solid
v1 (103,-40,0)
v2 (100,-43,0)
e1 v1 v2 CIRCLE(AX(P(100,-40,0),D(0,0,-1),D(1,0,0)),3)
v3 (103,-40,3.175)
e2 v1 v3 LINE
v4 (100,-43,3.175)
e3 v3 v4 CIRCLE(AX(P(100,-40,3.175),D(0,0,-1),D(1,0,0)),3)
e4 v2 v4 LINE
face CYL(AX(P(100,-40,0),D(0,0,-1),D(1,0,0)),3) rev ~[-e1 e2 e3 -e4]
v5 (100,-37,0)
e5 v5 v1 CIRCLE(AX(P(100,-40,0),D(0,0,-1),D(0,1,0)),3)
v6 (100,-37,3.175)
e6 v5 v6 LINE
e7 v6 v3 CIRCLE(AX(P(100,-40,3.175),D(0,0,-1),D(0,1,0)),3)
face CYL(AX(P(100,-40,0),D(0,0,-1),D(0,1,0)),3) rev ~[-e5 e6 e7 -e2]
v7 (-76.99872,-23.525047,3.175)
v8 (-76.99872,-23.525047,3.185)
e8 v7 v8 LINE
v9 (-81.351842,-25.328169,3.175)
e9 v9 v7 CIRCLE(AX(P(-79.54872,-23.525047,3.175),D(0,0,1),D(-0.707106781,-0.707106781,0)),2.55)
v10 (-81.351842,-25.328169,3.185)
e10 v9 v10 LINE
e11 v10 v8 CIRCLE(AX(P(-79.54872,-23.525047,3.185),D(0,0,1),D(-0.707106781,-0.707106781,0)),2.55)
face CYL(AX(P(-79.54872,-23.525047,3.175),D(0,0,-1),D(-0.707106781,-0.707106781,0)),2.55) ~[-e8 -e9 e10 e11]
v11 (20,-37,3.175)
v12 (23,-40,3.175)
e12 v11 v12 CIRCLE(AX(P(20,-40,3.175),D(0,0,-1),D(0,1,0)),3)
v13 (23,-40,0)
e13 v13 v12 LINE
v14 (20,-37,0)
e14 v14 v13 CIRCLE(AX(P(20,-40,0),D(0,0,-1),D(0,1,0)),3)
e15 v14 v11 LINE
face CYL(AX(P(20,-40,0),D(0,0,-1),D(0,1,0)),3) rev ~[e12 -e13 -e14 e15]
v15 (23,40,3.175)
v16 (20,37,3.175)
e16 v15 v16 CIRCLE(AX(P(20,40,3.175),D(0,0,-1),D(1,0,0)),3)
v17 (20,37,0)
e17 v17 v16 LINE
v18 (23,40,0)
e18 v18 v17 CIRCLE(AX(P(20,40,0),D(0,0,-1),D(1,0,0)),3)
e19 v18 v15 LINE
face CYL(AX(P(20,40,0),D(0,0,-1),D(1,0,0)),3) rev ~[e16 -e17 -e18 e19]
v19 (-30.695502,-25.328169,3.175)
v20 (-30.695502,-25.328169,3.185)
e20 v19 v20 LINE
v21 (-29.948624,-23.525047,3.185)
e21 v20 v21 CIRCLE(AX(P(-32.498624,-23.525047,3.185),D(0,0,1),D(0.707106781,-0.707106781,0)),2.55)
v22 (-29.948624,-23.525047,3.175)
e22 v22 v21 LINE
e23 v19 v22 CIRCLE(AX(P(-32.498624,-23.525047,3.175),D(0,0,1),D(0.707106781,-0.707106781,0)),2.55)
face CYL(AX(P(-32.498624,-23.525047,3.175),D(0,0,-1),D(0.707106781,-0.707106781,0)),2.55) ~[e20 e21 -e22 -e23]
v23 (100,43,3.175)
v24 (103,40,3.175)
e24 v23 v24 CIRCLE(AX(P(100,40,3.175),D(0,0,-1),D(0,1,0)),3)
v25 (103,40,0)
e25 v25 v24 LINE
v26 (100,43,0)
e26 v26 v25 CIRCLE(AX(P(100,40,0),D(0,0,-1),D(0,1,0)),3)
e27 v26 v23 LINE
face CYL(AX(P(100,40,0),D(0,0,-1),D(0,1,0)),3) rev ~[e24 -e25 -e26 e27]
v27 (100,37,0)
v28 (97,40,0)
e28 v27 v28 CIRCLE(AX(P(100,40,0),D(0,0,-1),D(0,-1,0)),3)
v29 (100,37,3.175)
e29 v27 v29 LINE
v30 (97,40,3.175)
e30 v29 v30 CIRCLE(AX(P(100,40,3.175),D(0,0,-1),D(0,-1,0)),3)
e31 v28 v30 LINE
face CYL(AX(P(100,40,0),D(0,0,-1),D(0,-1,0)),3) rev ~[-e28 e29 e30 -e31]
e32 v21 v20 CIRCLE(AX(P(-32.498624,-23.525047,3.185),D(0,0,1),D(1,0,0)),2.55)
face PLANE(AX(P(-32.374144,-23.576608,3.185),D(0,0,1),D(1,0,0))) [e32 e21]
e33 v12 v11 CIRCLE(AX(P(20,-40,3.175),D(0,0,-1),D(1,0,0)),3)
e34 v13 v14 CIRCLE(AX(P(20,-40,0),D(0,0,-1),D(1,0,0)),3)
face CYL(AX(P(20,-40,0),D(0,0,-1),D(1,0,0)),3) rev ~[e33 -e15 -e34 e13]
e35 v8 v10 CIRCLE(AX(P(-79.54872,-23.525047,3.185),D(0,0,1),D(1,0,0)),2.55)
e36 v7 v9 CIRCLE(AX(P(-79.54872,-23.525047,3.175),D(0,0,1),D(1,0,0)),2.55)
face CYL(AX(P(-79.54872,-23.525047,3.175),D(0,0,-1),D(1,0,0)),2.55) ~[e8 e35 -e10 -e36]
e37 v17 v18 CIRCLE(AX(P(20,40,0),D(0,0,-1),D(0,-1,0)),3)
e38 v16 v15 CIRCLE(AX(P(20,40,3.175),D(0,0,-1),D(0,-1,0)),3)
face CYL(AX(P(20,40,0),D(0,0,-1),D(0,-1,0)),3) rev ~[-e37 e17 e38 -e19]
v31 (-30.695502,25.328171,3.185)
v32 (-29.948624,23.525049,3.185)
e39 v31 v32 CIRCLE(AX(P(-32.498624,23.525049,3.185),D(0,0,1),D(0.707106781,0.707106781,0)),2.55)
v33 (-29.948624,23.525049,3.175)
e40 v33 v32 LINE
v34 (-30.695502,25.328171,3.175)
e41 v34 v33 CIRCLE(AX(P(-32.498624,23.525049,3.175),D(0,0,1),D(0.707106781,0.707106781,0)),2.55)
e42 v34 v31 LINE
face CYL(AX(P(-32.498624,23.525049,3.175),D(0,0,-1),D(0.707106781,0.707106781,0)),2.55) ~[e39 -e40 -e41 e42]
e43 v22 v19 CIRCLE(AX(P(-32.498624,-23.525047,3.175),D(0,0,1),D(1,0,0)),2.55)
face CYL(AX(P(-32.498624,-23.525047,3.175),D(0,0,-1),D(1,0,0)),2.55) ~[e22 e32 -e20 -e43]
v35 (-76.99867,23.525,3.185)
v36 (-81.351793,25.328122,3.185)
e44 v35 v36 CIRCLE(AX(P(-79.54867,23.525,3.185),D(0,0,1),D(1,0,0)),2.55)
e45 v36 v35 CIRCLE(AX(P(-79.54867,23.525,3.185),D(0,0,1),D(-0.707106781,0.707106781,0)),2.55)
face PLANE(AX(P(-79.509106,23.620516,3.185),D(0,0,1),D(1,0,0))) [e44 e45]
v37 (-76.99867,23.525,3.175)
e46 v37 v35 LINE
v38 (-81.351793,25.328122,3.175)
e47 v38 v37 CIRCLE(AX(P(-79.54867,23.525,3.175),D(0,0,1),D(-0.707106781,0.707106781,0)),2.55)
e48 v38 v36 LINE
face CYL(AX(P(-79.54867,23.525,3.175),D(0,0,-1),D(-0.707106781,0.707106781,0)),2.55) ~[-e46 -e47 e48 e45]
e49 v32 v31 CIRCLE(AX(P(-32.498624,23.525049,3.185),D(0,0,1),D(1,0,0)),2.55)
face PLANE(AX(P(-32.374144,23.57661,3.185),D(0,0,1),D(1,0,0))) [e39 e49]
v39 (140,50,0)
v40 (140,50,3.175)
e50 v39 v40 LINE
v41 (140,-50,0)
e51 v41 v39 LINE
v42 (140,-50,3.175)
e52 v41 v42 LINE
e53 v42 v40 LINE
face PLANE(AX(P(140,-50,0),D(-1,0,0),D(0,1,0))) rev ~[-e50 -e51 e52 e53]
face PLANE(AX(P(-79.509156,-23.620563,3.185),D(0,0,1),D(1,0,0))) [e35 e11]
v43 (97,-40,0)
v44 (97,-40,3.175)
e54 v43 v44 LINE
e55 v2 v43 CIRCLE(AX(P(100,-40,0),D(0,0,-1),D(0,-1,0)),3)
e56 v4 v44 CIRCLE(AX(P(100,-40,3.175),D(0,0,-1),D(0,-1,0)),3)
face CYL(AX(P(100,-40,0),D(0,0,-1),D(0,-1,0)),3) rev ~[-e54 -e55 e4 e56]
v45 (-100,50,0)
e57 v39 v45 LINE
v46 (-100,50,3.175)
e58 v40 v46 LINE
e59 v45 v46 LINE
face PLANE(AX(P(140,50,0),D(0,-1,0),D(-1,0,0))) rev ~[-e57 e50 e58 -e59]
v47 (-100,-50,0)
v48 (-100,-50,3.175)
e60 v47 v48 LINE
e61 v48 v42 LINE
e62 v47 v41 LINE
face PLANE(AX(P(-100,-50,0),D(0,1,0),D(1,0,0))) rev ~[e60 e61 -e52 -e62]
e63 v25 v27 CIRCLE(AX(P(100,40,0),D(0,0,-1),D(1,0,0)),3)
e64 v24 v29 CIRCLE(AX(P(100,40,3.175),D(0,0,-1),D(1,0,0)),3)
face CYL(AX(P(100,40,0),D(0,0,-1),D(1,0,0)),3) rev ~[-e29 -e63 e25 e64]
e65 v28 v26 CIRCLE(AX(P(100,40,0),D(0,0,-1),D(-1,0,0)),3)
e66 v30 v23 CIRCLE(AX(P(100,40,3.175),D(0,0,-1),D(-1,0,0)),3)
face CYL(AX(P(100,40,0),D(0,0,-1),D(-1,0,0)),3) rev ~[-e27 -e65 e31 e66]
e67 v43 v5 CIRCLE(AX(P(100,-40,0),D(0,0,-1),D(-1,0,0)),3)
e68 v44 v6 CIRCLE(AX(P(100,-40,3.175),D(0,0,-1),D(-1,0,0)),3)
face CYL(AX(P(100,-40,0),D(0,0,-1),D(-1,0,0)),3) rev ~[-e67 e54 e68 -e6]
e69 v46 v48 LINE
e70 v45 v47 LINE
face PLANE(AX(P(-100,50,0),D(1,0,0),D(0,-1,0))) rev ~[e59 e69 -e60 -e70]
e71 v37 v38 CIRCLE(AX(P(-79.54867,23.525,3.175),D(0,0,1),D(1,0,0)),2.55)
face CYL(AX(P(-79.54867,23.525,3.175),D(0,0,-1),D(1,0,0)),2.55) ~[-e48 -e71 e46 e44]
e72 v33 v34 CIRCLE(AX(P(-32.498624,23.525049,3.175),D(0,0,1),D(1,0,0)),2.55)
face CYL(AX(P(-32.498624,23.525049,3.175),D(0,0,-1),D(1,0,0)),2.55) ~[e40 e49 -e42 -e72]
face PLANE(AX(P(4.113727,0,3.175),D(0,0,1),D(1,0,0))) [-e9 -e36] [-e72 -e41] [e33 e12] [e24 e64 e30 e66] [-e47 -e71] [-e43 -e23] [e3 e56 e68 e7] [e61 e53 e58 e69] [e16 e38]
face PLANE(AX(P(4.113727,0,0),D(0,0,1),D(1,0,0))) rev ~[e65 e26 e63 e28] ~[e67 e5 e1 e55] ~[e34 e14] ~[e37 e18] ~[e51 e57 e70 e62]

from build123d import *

# Parameters (mm, degrees)
F1_DEPTH = 3.175
F3_DEPTH = 0.01


with BuildPart() as f1:
    # F0 (on Top) → F1 (new body)
    with BuildSketch(Plane.XY):
        with BuildLine():
            Line((100, 43), (100, 50))
            Line((100, 50), (-100, 50))
            Line((-100, 50), (-100, -50))
            Line((-100, -50), (100, -50))
            Line((100, -50), (100, -43))
            ThreePointArc((100, -43), (97.8786796564, -42.1213203436), (97, -40))
            Line((97, -40), (60, -40))
            Line((60, -40), (23, -40))
            ThreePointArc((23, -40), (17.8786796564, -42.1213203436), (20, -37))
            Line((20, -37), (20, 0))
            Line((20, 0), (20, 37))
            ThreePointArc((20, 37), (17.8786796564, 42.1213203436), (23, 40))
            Line((23, 40), (60, 40))
            Line((60, 40), (97, 40))
            ThreePointArc((97, 40), (97.8786796564, 42.1213203436), (100, 43))
        make_face()
        Polygon((-31.475, 28.525), (-31.475, 0), (-31.475, -28.525), (-88.525, -28.525), (-88.525, 28.525), align=None, mode=Mode.SUBTRACT)
        with BuildLine():
            Line((140, 50), (100, 50))
            Line((100, 50), (100, 43))
            ThreePointArc((100, 43), (102.1213203436, 42.1213203436), (103, 40))
            ThreePointArc((103, 40), (102.1213203436, 37.8786796564), (100, 37))
            Line((100, 37), (100, 0))
            Line((100, 0), (100, -37))
            ThreePointArc((100, -37), (102.1213203436, -37.8786796564), (103, -40))
            ThreePointArc((103, -40), (102.1213203436, -42.1213203436), (100, -43))
            Line((100, -43), (100, -50))
            Line((100, -50), (140, -50))
            Line((140, -50), (140, 50))
        make_face()
        Polygon((-31.475, -28.525), (-31.475, 0), (-31.475, 28.525), (-88.525, 28.525), (-88.525, -28.525), align=None)
        with BuildLine():
            Line((60, 0), (60, 40))
            Line((60, 40), (23, 40))
            ThreePointArc((23, 40), (22.1213203436, 37.8786796564), (20, 37))
            Line((20, 37), (20, 0))
            Line((20, 0), (60, 0))
        make_face()
        with BuildLine():
            Line((60, -40), (60, 0))
            Line((60, 0), (20, 0))
            Line((20, 0), (20, -37))
            ThreePointArc((20, -37), (22.1213203436, -37.8786796564), (23, -40))
            Line((23, -40), (60, -40))
        make_face()
        with BuildLine():
            Line((100, -37), (100, 0))
            Line((100, 0), (60, 0))
            Line((60, 0), (60, -40))
            Line((60, -40), (97, -40))
            ThreePointArc((97, -40), (97.8786796564, -37.8786796564), (100, -37))
        make_face()
        with BuildLine():
            ThreePointArc((100, 37), (97.8786796564, 37.8786796564), (97, 40))
            Line((97, 40), (60, 40))
            Line((60, 40), (60, 0))
            Line((60, 0), (100, 0))
            Line((100, 0), (100, 37))
        make_face()
    extrude(amount=F1_DEPTH)

    # F2 (on face) → F3 (join)
    with BuildSketch(Plane.XY.offset(3.175)):
        with BuildLine():
            ThreePointArc((-76.9986703683, 23.5249995202), (-78.5728276158, 25.8808923281), (-81.3517926604, 25.3281218122))
            ThreePointArc((-81.3517926604, 25.3281218122), (-80.5245131209, 21.1691067123), (-76.9986703683, 23.5249995202))
        make_face()
        with BuildLine():
            ThreePointArc((-76.9987198658, -23.5250468828), (-80.5245626183, -21.1691540749), (-81.3518421578, -25.3281691748))
            ThreePointArc((-81.3518421578, -25.3281691748), (-78.5728771133, -25.8809396907), (-76.9987198658, -23.5250468828))
        make_face()
        with BuildLine():
            ThreePointArc((-29.9486239653, -23.5250468828), (-34.8545167732, -22.5492041303), (-30.6955016733, -25.3281691748))
            ThreePointArc((-30.6955016733, -25.3281691748), (-30.1427311574, -24.5008896353), (-29.9486239653, -23.5250468828))
        make_face()
        with BuildLine():
            ThreePointArc((-29.9486239653, 23.5250490177), (-30.1427311574, 24.5008917702), (-30.6955016733, 25.3281713097))
            ThreePointArc((-30.6955016733, 25.3281713097), (-34.8545167732, 22.5492062651), (-29.9486239653, 23.5250490177))
        make_face()
    extrude(amount=F3_DEPTH)


solid = f1.part
